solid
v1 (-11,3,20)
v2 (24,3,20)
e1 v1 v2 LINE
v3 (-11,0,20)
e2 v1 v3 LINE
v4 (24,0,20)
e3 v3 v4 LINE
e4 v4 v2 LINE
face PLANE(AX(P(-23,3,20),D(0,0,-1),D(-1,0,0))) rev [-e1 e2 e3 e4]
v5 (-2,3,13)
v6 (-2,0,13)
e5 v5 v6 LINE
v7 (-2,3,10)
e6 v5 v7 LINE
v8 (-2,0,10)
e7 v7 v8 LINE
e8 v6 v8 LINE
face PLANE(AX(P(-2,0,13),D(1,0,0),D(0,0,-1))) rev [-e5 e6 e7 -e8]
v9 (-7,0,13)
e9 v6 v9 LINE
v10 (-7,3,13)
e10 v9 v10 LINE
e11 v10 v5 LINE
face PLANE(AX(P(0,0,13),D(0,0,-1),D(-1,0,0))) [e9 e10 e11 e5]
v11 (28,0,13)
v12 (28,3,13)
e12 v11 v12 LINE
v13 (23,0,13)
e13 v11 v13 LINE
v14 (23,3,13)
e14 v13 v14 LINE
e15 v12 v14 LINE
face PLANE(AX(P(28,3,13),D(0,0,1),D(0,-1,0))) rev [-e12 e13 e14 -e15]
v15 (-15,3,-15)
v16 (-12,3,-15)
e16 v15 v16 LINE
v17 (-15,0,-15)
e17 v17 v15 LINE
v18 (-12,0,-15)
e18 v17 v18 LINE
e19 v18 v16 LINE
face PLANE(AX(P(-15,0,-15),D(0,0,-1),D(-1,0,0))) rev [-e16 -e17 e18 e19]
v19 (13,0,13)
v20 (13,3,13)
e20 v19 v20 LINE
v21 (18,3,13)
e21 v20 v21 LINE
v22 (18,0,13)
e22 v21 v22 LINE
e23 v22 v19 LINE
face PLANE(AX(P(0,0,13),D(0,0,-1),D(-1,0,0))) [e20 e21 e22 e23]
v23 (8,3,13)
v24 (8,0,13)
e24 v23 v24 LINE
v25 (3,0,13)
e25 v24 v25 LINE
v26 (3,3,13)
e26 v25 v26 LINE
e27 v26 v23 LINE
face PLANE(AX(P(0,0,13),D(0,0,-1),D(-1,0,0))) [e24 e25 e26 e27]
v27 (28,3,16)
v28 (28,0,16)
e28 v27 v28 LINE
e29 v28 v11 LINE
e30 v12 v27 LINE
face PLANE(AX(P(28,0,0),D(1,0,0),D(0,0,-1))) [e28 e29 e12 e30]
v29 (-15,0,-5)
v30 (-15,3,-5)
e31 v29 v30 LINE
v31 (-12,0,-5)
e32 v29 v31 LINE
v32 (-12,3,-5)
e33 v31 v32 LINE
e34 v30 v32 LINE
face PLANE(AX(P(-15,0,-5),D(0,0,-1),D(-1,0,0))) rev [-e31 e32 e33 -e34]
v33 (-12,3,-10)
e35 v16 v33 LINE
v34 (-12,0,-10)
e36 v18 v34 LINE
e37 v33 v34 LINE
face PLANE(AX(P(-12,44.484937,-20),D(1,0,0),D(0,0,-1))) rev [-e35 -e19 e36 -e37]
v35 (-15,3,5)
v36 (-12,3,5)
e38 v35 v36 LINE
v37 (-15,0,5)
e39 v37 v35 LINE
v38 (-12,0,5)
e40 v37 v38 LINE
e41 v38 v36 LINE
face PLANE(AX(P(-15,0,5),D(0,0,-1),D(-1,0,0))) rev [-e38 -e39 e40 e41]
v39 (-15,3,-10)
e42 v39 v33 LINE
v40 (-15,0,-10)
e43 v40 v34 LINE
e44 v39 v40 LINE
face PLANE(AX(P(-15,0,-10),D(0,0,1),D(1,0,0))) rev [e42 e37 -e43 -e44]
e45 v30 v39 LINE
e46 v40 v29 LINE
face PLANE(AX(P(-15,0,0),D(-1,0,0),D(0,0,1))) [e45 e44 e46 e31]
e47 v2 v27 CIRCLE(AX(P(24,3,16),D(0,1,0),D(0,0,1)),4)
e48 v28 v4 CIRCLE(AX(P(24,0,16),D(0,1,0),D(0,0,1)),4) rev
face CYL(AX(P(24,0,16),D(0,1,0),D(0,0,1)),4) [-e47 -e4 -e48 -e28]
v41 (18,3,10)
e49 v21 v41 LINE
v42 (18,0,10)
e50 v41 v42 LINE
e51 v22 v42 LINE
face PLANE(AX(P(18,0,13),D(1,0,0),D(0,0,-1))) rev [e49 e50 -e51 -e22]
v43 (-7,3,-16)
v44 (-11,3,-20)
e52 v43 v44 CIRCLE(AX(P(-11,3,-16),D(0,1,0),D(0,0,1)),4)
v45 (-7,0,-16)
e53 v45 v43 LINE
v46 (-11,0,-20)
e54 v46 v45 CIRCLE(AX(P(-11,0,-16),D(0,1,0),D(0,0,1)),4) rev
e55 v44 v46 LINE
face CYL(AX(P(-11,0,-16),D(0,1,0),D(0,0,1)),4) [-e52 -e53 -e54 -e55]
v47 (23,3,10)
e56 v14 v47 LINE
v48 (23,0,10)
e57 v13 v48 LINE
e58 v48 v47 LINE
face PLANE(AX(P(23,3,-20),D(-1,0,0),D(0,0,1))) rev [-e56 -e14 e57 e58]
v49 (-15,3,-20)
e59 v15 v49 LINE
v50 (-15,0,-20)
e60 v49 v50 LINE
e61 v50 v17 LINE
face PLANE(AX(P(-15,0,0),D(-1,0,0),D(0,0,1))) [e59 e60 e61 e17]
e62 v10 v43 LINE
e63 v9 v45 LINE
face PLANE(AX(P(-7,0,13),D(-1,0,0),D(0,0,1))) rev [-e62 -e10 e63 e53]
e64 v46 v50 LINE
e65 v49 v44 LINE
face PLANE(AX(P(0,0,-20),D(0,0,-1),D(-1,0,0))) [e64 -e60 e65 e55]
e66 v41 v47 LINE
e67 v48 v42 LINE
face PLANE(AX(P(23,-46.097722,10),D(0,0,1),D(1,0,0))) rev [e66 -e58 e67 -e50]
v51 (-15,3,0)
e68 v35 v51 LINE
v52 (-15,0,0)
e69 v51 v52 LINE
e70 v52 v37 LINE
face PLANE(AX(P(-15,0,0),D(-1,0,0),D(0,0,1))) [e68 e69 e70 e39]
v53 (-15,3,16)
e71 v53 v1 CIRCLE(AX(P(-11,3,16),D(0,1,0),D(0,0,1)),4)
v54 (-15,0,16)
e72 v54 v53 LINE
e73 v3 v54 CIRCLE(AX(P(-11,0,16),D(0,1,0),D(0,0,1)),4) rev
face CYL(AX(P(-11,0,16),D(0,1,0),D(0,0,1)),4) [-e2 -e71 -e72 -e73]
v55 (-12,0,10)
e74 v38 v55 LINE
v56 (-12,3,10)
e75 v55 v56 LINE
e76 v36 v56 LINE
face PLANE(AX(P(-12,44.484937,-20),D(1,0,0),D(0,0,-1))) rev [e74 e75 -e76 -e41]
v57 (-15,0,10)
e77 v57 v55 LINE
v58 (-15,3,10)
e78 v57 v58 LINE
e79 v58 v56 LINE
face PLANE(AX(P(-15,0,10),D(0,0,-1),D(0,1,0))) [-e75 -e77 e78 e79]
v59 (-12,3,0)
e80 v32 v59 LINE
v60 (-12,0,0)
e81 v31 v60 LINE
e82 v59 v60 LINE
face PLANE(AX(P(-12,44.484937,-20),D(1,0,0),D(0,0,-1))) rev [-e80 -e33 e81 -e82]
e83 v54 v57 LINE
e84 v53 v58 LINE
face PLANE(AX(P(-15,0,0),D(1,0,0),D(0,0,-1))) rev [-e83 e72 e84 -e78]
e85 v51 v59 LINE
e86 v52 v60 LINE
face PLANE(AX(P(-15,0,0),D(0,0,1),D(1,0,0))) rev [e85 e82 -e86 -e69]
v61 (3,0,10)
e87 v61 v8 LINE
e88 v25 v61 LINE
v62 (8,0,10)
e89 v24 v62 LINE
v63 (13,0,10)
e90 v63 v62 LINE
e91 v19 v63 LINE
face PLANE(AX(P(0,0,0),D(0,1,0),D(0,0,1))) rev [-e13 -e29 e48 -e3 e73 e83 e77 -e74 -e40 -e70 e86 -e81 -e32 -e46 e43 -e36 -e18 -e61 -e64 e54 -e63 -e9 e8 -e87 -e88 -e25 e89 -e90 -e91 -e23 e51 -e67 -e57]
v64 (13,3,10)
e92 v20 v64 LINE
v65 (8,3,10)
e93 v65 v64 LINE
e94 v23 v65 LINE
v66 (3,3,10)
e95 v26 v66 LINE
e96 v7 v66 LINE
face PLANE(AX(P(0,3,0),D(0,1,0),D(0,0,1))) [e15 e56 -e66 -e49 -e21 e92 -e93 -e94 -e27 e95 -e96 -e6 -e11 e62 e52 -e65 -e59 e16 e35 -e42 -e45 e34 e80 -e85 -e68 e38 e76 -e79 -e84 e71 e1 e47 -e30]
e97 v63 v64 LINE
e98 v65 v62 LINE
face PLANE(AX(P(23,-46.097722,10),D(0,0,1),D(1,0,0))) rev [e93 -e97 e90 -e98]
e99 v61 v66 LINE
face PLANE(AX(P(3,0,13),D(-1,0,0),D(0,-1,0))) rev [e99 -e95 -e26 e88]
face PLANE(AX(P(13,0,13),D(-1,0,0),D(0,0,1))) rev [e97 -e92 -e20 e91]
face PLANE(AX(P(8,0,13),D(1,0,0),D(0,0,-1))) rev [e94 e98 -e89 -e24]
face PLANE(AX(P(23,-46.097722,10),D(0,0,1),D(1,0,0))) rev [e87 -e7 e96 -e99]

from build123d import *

# Parameters (mm, degrees)
SKETCH1_W           = 46
SKETCH1_H           = 40
BOSS_EXTRUDE1_DEPTH = 3
SKETCH3_W           = 35
SKETCH3_H           = 30
CUT_EXTRUDE1_DEPTH  = 3
SKETCH4_W           = 5
SKETCH4_H           = 3
CUT_EXTRUDE3_DEPTH  = 3
SKETCH6_W           = 7
SKETCH6_H           = 3
BOSS_EXTRUDE2_DEPTH = 5
SKETCH7_W           = 11
SKETCH7_H           = 40
CUT_EXTRUDE4_DEPTH  = 3
SKETCH8_W           = 5
SKETCH8_H           = 3
BOSS_EXTRUDE3_DEPTH = 30
SKETCH9_W           = 5
SKETCH9_H           = 3
SKETCH9_W_2         = 10
BOSS_EXTRUDE4_DEPTH = 3
FILLET2_R           = 4


with BuildPart() as part:
    # Sketch1 → Boss-Extrude1 (new body)
    with BuildSketch(Plane(origin=(0, 0, 0), x_dir=(1, 0, 0), z_dir=(0, 1, 0))):
        Rectangle(SKETCH1_W, SKETCH1_H)
    extrude(amount=BOSS_EXTRUDE1_DEPTH)

    # Sketch3 → Cut-Extrude1 (cut)
    with BuildSketch(Plane(origin=(0, 3, 0), x_dir=(1, 0, 0), z_dir=(0, 1, 0))):
        with Locations((5.5, 5)):
            Rectangle(SKETCH3_W, SKETCH3_H)
    extrude(amount=-CUT_EXTRUDE1_DEPTH, mode=Mode.SUBTRACT)

    # Sketch4 → Cut-Extrude3 (cut)
    with BuildSketch(Plane(origin=(0, 0, 10), x_dir=(-1, 0, 0), z_dir=(0, 0, -1))):
        with Locations((-15.5, 1.5)):
            Rectangle(SKETCH4_W, SKETCH4_H)
        with Locations((-5.5, 1.5)):
            Rectangle(SKETCH4_W, SKETCH4_H)
        with Locations((4.5, 1.5)):
            Rectangle(SKETCH4_W, SKETCH4_H)
    extrude(amount=-CUT_EXTRUDE3_DEPTH, mode=Mode.SUBTRACT)

    # Sketch6 → Boss-Extrude2 (add)
    with BuildSketch(Plane(origin=(23, 0, 0), x_dir=(0, 0, -1), z_dir=(1, 0, 0))):
        with Locations((-16.5, 1.5)):
            Rectangle(SKETCH6_W, SKETCH6_H)
    extrude(amount=BOSS_EXTRUDE2_DEPTH)

    # Sketch7 → Cut-Extrude4 (cut)
    with BuildSketch(Plane.XZ):
        with Locations((-17.5, 0)):
            Rectangle(SKETCH7_W, SKETCH7_H)
    extrude(amount=-CUT_EXTRUDE4_DEPTH, mode=Mode.SUBTRACT)

    # Sketch8 → Boss-Extrude3 (add)
    with BuildSketch(Plane(origin=(0, 0, 10), x_dir=(-1, 0, 0), z_dir=(0, 0, -1))):
        with Locations((9.5, 1.5)):
            Rectangle(SKETCH8_W, SKETCH8_H)
    extrude(amount=BOSS_EXTRUDE3_DEPTH)

    # Sketch9 → Boss-Extrude4 (add)
    with BuildSketch(Plane.ZY.offset(12)):
        with Locations((-17.5, 1.5)):
            Rectangle(SKETCH9_W, SKETCH9_H)
        with Locations((-7.5, 1.5)):
            Rectangle(SKETCH9_W, SKETCH9_H)
        with Locations((2.5, 1.5)):
            Rectangle(SKETCH9_W, SKETCH9_H)
        with Locations((15, 1.5)):
            Rectangle(SKETCH9_W_2, SKETCH9_H)
    extrude(amount=BOSS_EXTRUDE4_DEPTH)

    # Fillet2
    fillet2_edges = [part.edges().sort_by_distance(p)[0] for p in [
        (-7, 1.5, -20),
        (-15, 1.5, 20),
        (28, 1.5, 20),
    ]]
    fillet(fillet2_edges, radius=FILLET2_R)


solid = part.part
